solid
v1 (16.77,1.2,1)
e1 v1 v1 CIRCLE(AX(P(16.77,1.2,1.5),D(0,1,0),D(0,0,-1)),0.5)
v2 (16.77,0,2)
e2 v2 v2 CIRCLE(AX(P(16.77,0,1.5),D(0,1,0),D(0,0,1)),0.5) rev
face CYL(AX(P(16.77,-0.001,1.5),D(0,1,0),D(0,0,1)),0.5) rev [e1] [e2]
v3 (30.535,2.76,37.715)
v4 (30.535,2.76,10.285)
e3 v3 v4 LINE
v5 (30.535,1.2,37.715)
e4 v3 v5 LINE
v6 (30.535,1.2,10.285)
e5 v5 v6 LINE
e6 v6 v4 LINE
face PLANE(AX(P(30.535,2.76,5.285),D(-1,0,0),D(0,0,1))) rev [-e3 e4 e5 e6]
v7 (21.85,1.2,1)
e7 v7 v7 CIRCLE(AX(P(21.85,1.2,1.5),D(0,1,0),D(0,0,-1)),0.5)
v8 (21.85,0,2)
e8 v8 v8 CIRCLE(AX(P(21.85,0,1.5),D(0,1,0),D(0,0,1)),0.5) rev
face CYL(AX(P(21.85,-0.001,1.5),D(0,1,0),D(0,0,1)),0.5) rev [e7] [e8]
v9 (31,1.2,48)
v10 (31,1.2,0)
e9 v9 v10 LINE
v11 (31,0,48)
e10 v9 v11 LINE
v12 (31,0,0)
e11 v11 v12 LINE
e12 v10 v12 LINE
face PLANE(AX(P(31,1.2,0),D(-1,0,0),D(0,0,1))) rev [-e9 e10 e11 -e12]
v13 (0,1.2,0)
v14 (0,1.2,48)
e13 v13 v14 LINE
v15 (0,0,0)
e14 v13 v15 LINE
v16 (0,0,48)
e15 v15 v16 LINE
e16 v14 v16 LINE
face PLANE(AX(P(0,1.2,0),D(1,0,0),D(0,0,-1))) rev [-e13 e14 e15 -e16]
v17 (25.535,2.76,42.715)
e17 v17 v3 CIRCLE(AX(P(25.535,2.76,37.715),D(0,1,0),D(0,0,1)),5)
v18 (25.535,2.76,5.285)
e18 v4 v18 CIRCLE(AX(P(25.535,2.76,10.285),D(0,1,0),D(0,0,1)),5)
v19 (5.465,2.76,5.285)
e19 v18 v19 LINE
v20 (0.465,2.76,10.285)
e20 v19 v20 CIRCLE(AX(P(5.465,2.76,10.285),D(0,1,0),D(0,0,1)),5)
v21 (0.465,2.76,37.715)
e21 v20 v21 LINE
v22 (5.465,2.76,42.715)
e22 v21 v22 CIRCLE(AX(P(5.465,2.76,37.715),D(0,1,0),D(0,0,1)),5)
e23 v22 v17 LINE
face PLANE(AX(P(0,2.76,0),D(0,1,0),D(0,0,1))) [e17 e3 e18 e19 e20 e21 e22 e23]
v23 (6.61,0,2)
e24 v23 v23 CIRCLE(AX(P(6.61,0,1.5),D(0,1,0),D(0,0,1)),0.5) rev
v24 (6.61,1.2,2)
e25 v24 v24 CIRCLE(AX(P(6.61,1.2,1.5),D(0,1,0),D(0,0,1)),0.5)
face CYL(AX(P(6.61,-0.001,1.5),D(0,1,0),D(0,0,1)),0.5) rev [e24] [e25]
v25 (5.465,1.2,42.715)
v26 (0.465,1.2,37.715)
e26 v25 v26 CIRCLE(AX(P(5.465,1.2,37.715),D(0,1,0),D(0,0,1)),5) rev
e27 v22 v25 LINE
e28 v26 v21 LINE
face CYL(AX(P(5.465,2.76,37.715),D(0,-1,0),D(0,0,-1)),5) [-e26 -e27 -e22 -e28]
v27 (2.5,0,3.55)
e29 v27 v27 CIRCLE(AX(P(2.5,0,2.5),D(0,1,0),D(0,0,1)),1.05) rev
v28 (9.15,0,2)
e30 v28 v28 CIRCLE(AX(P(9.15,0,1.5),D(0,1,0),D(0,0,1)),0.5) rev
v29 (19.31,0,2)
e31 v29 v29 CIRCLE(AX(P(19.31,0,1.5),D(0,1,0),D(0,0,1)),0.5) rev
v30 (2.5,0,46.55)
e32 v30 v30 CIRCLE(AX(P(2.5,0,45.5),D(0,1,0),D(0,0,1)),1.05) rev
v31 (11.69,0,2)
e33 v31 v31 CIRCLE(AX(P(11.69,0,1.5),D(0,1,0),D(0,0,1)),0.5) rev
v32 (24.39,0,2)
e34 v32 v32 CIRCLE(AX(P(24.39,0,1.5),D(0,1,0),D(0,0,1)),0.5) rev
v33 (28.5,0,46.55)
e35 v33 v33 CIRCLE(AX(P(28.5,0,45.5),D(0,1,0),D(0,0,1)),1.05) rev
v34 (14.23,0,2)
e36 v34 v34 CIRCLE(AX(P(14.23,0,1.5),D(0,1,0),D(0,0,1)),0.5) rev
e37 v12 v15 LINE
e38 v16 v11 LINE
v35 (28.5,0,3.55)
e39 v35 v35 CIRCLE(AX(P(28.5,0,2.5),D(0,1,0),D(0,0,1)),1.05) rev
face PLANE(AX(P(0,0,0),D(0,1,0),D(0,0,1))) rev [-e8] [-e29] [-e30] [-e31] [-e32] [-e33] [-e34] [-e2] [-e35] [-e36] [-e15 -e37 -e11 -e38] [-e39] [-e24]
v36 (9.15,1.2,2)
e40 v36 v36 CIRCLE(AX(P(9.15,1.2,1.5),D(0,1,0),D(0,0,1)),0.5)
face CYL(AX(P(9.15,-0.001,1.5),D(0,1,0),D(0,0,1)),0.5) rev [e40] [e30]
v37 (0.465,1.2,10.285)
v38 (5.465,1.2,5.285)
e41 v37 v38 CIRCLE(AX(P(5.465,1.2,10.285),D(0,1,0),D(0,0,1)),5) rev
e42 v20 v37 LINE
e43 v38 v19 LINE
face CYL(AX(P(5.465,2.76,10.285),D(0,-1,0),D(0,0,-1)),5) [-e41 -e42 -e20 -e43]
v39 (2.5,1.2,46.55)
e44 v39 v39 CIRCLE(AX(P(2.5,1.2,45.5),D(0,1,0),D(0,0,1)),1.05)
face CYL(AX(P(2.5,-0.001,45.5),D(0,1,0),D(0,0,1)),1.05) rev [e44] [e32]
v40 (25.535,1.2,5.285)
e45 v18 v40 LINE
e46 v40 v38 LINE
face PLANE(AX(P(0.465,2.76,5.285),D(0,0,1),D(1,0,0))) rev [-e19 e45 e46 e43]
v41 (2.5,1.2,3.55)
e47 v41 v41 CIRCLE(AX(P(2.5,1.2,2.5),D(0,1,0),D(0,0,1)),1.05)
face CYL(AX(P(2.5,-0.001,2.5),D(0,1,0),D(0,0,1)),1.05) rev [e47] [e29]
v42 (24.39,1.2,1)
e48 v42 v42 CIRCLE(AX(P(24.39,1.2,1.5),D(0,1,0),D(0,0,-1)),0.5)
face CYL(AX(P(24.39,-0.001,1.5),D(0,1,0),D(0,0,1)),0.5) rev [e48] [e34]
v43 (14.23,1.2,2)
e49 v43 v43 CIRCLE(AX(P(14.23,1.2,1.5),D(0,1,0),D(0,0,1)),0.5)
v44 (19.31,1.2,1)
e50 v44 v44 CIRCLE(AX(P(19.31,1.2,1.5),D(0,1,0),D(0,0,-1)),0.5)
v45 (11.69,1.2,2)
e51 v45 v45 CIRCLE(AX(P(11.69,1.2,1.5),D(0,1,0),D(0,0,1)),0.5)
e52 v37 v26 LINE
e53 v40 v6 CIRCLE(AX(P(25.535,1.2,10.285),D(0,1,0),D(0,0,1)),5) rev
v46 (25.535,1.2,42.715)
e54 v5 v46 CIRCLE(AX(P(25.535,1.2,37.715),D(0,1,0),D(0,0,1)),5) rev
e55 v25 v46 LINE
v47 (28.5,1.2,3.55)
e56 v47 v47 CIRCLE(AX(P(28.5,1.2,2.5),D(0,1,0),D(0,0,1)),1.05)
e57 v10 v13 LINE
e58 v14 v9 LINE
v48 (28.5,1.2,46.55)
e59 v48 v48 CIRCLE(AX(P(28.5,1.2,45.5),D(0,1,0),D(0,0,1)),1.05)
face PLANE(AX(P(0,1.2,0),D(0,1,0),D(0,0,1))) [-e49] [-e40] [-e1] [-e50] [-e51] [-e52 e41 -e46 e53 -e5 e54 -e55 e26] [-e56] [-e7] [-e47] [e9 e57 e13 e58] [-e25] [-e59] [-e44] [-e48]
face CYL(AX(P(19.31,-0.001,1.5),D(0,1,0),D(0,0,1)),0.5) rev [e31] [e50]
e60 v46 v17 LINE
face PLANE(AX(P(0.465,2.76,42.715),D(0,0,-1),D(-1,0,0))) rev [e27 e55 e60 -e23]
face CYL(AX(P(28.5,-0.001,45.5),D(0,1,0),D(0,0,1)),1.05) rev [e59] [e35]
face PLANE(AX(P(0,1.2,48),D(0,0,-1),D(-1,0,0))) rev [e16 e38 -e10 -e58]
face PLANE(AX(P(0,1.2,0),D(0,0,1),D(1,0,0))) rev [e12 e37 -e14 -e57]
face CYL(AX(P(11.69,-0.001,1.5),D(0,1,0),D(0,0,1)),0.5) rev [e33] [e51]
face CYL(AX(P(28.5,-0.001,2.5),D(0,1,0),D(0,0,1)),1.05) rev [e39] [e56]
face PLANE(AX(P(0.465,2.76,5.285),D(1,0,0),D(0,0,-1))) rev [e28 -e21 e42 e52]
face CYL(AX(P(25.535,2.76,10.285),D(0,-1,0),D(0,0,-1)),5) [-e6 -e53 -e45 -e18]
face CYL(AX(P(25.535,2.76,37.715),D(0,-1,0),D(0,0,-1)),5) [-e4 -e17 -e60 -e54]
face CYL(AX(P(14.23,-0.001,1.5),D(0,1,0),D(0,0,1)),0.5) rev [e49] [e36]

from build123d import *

# Parameters (mm, degrees)
SKETCH_1_W          = 31
SKETCH_1_H          = 48
EXTRUDE_1_DEPTH     = 1.2
CUT_EXTRUDE_1_REACH = 59.153
SKETCH_2_R          = 1.05
CUT_EXTRUDE_2_REACH = 59.153
SKETCH_3_R          = 0.5
SKETCH_4_W          = 30.07
SKETCH_4_H          = 37.43
EXTRUDE_2_DEPTH     = 1.56
FILLET_1_R          = 5


with BuildPart() as part:
    # 草图1 → 凸台-拉伸1 (new body)
    with BuildSketch(Plane(origin=(0, 0, 0), x_dir=(1, 0, 0), z_dir=(0, 1, 0))):
        with Locations((15.5, -24)):
            Rectangle(SKETCH_1_W, SKETCH_1_H)
    extrude(amount=EXTRUDE_1_DEPTH)

    # 草图2 → 切除-拉伸1 (cut, up to next)
    with BuildSketch(Plane(origin=(0, 1.2, 0), x_dir=(1, 0, 0), z_dir=(0, 1, 0)), mode=Mode.PRIVATE) as cut_extrude_1_sk1:
        with Locations(Location((2.5, -2.5, 0), (0, 0, 270))):
            Circle(SKETCH_2_R)
    cut_extrude_1_tool1 = extrude(cut_extrude_1_sk1.sketch, amount=-CUT_EXTRUDE_1_REACH, mode=Mode.PRIVATE) & part.part
    # 草图2 → 切除-拉伸1 (cut, up to next)
    with BuildSketch(Plane(origin=(0, 1.2, 0), x_dir=(1, 0, 0), z_dir=(0, 1, 0)), mode=Mode.PRIVATE) as cut_extrude_1_sk2:
        with Locations(Location((28.5, -2.5, 0), (0, 0, 270))):
            Circle(SKETCH_2_R)
    cut_extrude_1_tool2 = extrude(cut_extrude_1_sk2.sketch, amount=-CUT_EXTRUDE_1_REACH, mode=Mode.PRIVATE) & part.part
    # 草图2 → 切除-拉伸1 (cut, up to next)
    with BuildSketch(Plane(origin=(0, 1.2, 0), x_dir=(1, 0, 0), z_dir=(0, 1, 0)), mode=Mode.PRIVATE) as cut_extrude_1_sk3:
        with Locations(Location((2.5, -45.5, 0), (0, 0, 270))):
            Circle(SKETCH_2_R)
    cut_extrude_1_tool3 = extrude(cut_extrude_1_sk3.sketch, amount=-CUT_EXTRUDE_1_REACH, mode=Mode.PRIVATE) & part.part
    # 草图2 → 切除-拉伸1 (cut, up to next)
    with BuildSketch(Plane(origin=(0, 1.2, 0), x_dir=(1, 0, 0), z_dir=(0, 1, 0)), mode=Mode.PRIVATE) as cut_extrude_1_sk4:
        with Locations(Location((28.5, -45.5, 0), (0, 0, 270))):
            Circle(SKETCH_2_R)
    cut_extrude_1_tool4 = extrude(cut_extrude_1_sk4.sketch, amount=-CUT_EXTRUDE_1_REACH, mode=Mode.PRIVATE) & part.part
    add(cut_extrude_1_tool1.solids().sort_by_distance((2.5, 1.2, 2.5))[0], mode=Mode.SUBTRACT)
    add(cut_extrude_1_tool2.solids().sort_by_distance((28.5, 1.2, 2.5))[0], mode=Mode.SUBTRACT)
    add(cut_extrude_1_tool3.solids().sort_by_distance((2.5, 1.2, 45.5))[0], mode=Mode.SUBTRACT)
    add(cut_extrude_1_tool4.solids().sort_by_distance((28.5, 1.2, 45.5))[0], mode=Mode.SUBTRACT)

    # 草图3 → 切除-拉伸2 (cut, up to next)
    with BuildSketch(Plane(origin=(0, 1.2, 0), x_dir=(1, 0, 0), z_dir=(0, 1, 0)), mode=Mode.PRIVATE) as cut_extrude_2_sk1:
        with Locations(Location((14.23, -1.5, 0), (0, 0, 270))):
            Circle(SKETCH_3_R)
    cut_extrude_2_tool1 = extrude(cut_extrude_2_sk1.sketch, amount=-CUT_EXTRUDE_2_REACH, mode=Mode.PRIVATE) & part.part
    # 草图3 → 切除-拉伸2 (cut, up to next)
    with BuildSketch(Plane(origin=(0, 1.2, 0), x_dir=(1, 0, 0), z_dir=(0, 1, 0)), mode=Mode.PRIVATE) as cut_extrude_2_sk2:
        with Locations(Location((11.69, -1.5, 0), (0, 0, 270))):
            Circle(SKETCH_3_R)
    cut_extrude_2_tool2 = extrude(cut_extrude_2_sk2.sketch, amount=-CUT_EXTRUDE_2_REACH, mode=Mode.PRIVATE) & part.part
    # 草图3 → 切除-拉伸2 (cut, up to next)
    with BuildSketch(Plane(origin=(0, 1.2, 0), x_dir=(1, 0, 0), z_dir=(0, 1, 0)), mode=Mode.PRIVATE) as cut_extrude_2_sk3:
        with Locations(Location((9.15, -1.5, 0), (0, 0, 270))):
            Circle(SKETCH_3_R)
    cut_extrude_2_tool3 = extrude(cut_extrude_2_sk3.sketch, amount=-CUT_EXTRUDE_2_REACH, mode=Mode.PRIVATE) & part.part
    # 草图3 → 切除-拉伸2 (cut, up to next)
    with BuildSketch(Plane(origin=(0, 1.2, 0), x_dir=(1, 0, 0), z_dir=(0, 1, 0)), mode=Mode.PRIVATE) as cut_extrude_2_sk4:
        with Locations(Location((6.61, -1.5, 0), (0, 0, 270))):
            Circle(SKETCH_3_R)
    cut_extrude_2_tool4 = extrude(cut_extrude_2_sk4.sketch, amount=-CUT_EXTRUDE_2_REACH, mode=Mode.PRIVATE) & part.part
    # 草图3 → 切除-拉伸2 (cut, up to next)
    with BuildSketch(Plane(origin=(0, 1.2, 0), x_dir=(1, 0, 0), z_dir=(0, 1, 0)), mode=Mode.PRIVATE) as cut_extrude_2_sk5:
        with Locations(Location((24.39, -1.5, 0), (0, 0, 270))):
            Circle(SKETCH_3_R)
    cut_extrude_2_tool5 = extrude(cut_extrude_2_sk5.sketch, amount=-CUT_EXTRUDE_2_REACH, mode=Mode.PRIVATE) & part.part
    # 草图3 → 切除-拉伸2 (cut, up to next)
    with BuildSketch(Plane(origin=(0, 1.2, 0), x_dir=(1, 0, 0), z_dir=(0, 1, 0)), mode=Mode.PRIVATE) as cut_extrude_2_sk6:
        with Locations(Location((21.85, -1.5, 0), (0, 0, 270))):
            Circle(SKETCH_3_R)
    cut_extrude_2_tool6 = extrude(cut_extrude_2_sk6.sketch, amount=-CUT_EXTRUDE_2_REACH, mode=Mode.PRIVATE) & part.part
    # 草图3 → 切除-拉伸2 (cut, up to next)
    with BuildSketch(Plane(origin=(0, 1.2, 0), x_dir=(1, 0, 0), z_dir=(0, 1, 0)), mode=Mode.PRIVATE) as cut_extrude_2_sk7:
        with Locations(Location((19.31, -1.5, 0), (0, 0, 270))):
            Circle(SKETCH_3_R)
    cut_extrude_2_tool7 = extrude(cut_extrude_2_sk7.sketch, amount=-CUT_EXTRUDE_2_REACH, mode=Mode.PRIVATE) & part.part
    # 草图3 → 切除-拉伸2 (cut, up to next)
    with BuildSketch(Plane(origin=(0, 1.2, 0), x_dir=(1, 0, 0), z_dir=(0, 1, 0)), mode=Mode.PRIVATE) as cut_extrude_2_sk8:
        with Locations(Location((16.77, -1.5, 0), (0, 0, 270))):
            Circle(SKETCH_3_R)
    cut_extrude_2_tool8 = extrude(cut_extrude_2_sk8.sketch, amount=-CUT_EXTRUDE_2_REACH, mode=Mode.PRIVATE) & part.part
    add(cut_extrude_2_tool1.solids().sort_by_distance((14.23, 1.2, 1.5))[0], mode=Mode.SUBTRACT)
    add(cut_extrude_2_tool2.solids().sort_by_distance((11.69, 1.2, 1.5))[0], mode=Mode.SUBTRACT)
    add(cut_extrude_2_tool3.solids().sort_by_distance((9.15, 1.2, 1.5))[0], mode=Mode.SUBTRACT)
    add(cut_extrude_2_tool4.solids().sort_by_distance((6.61, 1.2, 1.5))[0], mode=Mode.SUBTRACT)
    add(cut_extrude_2_tool5.solids().sort_by_distance((24.39, 1.2, 1.5))[0], mode=Mode.SUBTRACT)
    add(cut_extrude_2_tool6.solids().sort_by_distance((21.85, 1.2, 1.5))[0], mode=Mode.SUBTRACT)
    add(cut_extrude_2_tool7.solids().sort_by_distance((19.31, 1.2, 1.5))[0], mode=Mode.SUBTRACT)
    add(cut_extrude_2_tool8.solids().sort_by_distance((16.77, 1.2, 1.5))[0], mode=Mode.SUBTRACT)

    # 草图4 → 凸台-拉伸2 (add)
    with BuildSketch(Plane(origin=(0, 1.2, 0), x_dir=(1, 0, 0), z_dir=(0, 1, 0))):
        with Locations((15.5, -24)):
            Rectangle(SKETCH_4_W, SKETCH_4_H)
    extrude(amount=EXTRUDE_2_DEPTH)

    # 圆角1
    fillet_1_edges = [part.edges().sort_by_distance(p)[0] for p in [
        (0.465, 1.98, 5.285),
        (0.465, 1.98, 42.715),
        (30.535, 1.98, 42.715),
        (30.535, 1.98, 5.285),
    ]]
    fillet(fillet_1_edges, radius=FILLET_1_R)


solid = part.part
